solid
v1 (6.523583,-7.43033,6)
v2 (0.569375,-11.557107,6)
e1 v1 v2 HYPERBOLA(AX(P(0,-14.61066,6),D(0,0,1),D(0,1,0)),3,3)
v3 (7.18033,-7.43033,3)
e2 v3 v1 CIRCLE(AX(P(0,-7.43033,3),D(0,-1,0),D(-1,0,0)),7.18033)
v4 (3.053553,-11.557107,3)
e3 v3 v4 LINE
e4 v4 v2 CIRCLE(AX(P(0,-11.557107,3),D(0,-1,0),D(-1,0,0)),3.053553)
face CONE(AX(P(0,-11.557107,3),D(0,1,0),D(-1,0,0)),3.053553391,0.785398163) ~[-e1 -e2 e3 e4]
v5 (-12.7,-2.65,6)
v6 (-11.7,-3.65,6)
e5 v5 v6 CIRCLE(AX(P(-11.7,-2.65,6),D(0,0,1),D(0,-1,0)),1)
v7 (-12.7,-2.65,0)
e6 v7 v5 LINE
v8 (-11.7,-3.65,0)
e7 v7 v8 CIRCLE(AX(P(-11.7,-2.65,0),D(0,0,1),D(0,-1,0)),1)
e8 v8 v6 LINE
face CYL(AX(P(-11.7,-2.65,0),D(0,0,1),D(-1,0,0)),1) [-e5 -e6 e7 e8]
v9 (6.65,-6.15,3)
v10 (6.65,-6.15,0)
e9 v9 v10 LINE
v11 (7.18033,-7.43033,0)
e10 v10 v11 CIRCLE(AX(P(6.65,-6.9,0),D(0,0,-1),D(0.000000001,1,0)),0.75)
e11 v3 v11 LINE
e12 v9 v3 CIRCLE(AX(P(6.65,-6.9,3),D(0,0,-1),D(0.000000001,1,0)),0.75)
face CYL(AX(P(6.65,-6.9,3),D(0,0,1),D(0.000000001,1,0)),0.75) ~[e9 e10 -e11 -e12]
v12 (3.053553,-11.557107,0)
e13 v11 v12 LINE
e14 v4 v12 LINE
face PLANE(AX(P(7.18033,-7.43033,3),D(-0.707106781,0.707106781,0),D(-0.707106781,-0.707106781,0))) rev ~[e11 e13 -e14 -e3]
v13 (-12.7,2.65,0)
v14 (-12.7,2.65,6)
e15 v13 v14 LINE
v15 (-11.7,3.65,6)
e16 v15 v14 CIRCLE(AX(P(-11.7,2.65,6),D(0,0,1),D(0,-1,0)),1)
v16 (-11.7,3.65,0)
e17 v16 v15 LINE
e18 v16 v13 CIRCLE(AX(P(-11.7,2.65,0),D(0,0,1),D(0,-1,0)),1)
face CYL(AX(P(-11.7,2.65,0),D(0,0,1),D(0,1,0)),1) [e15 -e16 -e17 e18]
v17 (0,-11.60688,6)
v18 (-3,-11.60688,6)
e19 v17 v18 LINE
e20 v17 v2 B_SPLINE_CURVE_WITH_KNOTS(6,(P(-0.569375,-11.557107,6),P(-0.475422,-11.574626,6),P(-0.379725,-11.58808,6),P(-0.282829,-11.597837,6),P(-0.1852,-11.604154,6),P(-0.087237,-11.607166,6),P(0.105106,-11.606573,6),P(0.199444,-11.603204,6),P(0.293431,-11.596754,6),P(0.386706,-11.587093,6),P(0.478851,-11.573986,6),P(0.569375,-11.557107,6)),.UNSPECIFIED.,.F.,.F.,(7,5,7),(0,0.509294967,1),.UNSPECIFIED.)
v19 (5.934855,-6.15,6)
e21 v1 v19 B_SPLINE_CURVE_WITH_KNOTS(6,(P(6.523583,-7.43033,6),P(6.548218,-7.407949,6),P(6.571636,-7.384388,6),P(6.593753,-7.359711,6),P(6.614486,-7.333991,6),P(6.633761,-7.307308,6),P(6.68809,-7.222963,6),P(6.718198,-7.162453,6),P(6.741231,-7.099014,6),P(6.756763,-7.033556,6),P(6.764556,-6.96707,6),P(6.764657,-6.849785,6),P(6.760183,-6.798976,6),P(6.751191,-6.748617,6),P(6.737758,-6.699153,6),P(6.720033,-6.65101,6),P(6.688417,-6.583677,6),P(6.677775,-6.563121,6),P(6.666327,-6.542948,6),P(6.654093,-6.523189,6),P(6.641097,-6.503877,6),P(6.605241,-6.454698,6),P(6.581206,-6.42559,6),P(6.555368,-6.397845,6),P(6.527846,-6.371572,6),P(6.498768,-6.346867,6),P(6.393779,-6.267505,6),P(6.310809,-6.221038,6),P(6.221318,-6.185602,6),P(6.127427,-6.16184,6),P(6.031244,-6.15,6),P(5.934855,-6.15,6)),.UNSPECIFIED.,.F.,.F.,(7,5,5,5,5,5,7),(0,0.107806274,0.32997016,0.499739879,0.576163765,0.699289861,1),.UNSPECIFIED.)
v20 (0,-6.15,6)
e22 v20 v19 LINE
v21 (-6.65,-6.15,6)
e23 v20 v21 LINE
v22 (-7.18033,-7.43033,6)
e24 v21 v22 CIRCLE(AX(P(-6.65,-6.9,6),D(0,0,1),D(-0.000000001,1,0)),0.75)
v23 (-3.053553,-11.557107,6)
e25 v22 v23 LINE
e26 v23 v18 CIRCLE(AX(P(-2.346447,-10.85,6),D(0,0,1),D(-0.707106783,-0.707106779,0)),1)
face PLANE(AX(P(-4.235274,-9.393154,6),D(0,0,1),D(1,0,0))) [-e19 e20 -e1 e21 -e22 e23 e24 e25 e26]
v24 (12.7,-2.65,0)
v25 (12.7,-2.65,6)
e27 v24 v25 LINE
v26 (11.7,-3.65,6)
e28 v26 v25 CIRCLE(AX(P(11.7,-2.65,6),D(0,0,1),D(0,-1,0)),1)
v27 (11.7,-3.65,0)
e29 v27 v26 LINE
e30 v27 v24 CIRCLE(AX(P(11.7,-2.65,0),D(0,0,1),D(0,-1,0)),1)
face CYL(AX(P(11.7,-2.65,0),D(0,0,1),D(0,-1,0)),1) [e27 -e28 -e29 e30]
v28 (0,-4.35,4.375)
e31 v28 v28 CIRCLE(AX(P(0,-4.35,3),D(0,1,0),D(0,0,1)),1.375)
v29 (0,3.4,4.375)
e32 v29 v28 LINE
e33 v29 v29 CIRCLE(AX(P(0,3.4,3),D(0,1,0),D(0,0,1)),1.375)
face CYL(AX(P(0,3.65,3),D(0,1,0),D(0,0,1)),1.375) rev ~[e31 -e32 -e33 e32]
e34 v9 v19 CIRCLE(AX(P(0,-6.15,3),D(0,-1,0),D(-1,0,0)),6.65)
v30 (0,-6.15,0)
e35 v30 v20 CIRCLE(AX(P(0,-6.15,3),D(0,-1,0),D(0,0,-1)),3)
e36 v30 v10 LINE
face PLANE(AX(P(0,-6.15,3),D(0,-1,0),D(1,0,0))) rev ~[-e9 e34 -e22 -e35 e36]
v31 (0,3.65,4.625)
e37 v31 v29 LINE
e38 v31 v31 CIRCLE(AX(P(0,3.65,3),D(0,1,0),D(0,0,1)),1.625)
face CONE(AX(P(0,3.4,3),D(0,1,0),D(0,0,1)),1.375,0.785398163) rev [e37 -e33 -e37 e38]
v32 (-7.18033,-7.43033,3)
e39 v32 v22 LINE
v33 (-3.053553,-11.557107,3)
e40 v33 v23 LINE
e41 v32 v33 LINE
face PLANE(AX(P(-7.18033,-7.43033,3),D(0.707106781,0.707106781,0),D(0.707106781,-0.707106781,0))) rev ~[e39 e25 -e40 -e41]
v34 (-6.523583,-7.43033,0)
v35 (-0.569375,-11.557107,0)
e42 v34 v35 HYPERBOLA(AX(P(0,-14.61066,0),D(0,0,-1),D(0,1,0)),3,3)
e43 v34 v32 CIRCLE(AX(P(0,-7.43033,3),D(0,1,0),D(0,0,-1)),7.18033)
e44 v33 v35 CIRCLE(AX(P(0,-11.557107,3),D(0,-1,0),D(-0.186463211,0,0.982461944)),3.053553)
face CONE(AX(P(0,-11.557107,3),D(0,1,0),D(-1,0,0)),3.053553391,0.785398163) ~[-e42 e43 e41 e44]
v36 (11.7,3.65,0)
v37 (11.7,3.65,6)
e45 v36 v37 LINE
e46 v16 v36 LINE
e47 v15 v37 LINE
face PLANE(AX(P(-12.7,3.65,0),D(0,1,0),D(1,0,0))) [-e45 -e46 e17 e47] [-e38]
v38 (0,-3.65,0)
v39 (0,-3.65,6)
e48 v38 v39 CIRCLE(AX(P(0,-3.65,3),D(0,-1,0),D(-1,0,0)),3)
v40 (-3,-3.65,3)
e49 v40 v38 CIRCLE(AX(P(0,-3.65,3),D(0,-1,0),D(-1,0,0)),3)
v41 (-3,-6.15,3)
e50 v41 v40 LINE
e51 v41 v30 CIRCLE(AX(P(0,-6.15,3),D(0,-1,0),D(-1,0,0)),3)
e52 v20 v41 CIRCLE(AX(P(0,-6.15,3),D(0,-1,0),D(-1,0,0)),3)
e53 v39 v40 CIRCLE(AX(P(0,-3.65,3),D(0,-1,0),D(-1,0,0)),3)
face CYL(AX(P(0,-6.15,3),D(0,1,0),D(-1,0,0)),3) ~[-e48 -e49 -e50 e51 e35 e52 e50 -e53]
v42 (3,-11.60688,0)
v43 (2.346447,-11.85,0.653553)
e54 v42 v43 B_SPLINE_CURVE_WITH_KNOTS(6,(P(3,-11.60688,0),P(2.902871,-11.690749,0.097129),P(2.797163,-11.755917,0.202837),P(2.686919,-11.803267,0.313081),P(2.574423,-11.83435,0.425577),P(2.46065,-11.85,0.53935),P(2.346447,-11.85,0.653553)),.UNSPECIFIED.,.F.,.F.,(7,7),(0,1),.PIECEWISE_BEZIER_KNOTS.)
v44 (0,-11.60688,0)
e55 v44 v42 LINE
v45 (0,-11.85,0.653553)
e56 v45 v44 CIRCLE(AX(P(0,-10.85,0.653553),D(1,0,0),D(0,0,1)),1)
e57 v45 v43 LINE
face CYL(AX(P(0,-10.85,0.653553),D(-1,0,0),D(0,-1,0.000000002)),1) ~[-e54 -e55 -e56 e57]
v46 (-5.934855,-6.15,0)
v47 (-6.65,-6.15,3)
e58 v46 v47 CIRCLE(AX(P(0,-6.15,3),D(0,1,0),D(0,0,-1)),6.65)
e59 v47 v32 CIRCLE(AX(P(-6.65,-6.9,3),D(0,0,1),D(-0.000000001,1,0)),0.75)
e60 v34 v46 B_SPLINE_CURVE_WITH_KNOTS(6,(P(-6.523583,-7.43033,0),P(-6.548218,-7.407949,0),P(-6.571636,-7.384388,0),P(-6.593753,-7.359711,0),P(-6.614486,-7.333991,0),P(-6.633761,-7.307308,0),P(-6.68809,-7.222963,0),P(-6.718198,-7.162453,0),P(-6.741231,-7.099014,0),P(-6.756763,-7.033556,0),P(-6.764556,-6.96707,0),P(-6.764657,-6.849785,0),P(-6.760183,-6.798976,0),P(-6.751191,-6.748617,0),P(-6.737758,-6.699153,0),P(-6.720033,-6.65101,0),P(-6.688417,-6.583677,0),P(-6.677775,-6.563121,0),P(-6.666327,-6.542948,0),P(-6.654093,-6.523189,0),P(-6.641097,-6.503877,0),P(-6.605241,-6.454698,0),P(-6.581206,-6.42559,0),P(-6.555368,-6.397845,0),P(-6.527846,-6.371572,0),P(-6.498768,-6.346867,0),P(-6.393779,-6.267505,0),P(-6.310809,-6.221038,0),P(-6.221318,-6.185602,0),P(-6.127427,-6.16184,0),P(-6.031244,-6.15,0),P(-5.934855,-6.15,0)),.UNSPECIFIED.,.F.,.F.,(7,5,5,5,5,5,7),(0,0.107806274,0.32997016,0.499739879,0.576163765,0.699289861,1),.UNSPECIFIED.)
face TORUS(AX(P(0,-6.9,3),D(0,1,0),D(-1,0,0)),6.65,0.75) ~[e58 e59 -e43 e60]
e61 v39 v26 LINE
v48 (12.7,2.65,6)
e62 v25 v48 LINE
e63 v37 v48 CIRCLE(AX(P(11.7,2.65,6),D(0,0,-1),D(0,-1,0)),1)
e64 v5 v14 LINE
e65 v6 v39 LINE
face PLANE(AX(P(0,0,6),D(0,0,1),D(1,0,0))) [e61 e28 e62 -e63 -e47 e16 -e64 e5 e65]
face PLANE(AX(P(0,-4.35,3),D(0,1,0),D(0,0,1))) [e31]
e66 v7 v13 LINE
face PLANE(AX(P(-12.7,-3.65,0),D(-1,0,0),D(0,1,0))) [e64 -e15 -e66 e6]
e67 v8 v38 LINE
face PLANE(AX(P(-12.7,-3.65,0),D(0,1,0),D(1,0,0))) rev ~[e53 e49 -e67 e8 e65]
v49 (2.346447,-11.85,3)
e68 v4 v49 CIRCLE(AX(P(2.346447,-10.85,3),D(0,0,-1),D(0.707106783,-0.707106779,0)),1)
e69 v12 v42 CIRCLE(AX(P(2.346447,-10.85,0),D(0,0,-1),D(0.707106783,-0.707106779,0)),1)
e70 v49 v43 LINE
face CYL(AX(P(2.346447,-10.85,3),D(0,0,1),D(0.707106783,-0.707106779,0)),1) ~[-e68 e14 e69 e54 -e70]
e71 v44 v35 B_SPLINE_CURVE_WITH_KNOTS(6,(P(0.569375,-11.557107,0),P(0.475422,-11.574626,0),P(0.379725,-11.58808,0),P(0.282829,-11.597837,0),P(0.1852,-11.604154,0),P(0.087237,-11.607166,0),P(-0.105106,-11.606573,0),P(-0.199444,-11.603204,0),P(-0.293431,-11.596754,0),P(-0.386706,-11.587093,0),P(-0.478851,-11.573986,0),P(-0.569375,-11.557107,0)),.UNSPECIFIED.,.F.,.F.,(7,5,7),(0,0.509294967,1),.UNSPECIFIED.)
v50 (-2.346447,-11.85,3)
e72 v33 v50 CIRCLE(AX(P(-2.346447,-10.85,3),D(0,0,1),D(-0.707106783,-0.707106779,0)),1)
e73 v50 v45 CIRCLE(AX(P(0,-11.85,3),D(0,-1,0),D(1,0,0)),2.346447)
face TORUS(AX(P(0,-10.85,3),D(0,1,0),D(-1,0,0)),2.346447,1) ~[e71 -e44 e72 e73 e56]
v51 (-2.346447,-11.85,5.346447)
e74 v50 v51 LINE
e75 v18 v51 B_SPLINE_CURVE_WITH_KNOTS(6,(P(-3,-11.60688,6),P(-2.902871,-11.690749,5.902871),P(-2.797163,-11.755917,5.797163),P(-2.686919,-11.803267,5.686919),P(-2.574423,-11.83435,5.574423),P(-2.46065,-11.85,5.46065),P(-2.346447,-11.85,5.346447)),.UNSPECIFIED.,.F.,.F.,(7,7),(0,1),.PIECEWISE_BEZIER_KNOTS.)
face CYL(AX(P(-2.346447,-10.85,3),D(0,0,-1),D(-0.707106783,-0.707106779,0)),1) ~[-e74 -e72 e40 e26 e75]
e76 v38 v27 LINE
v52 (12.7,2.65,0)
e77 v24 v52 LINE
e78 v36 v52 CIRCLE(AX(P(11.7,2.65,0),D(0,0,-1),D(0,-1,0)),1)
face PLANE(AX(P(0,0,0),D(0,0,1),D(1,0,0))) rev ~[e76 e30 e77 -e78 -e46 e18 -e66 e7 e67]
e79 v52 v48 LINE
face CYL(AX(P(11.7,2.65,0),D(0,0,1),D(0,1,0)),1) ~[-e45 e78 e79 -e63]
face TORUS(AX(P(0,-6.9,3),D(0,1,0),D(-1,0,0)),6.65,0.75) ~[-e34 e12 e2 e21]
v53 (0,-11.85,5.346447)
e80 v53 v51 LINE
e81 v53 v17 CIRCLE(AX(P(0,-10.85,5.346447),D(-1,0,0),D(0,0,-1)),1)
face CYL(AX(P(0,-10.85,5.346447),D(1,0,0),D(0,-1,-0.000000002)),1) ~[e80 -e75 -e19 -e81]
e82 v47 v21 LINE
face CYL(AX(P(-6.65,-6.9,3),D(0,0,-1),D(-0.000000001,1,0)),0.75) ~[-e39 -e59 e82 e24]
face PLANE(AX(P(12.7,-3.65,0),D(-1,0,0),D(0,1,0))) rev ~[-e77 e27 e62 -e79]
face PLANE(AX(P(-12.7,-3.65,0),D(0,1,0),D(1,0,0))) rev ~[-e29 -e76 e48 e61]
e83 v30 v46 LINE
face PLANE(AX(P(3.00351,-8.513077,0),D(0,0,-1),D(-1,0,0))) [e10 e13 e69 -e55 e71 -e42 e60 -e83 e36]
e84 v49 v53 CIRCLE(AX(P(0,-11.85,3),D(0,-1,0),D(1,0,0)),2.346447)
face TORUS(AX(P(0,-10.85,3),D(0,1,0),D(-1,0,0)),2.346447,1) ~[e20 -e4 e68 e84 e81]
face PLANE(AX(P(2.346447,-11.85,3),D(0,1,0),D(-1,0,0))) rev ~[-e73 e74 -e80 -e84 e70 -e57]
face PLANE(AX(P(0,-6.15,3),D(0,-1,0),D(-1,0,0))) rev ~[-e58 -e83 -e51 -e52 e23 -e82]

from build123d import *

# Parameters (mm, degrees)
SKETCH1_W               = 25.4
SKETCH1_H               = 7.3
BOSS_EXTRUDE1_DEPTH     = 6
SKETCH3_W               = 4.4
SKETCH3_H               = 5.7
CUT_EXTRUDE1_DEPTH      = 21.24530815
CUT_EXTRUDE1_DEPTH_BACK = 21.24530815
BOSS_EXTRUDE3_START     = -3
BOSS_EXTRUDE3_DEPTH     = 3
BOSS_EXTRUDE4_START     = -3
BOSS_EXTRUDE4_DEPTH     = 3
FILLET1_R               = 1
CUT_EXTRUDE2_DEPTH      = 19.376955775
CUT_EXTRUDE3_DEPTH      = 19.376955775
SKETCH9_R               = 1.375
CUT_EXTRUDE4_DEPTH      = 8
CHAMFER1_SIZE           = 0.25


with BuildPart() as part:
    # Sketch1 → Boss-Extrude1 (new body)
    with BuildSketch(Plane.XY):
        Rectangle(SKETCH1_W, SKETCH1_H)
    extrude(amount=BOSS_EXTRUDE1_DEPTH)

    # Sketch2 → Revolve1 (revolve)
    with BuildSketch(Plane.XY.offset(3), mode=Mode.PRIVATE) as revolve1_sk:
        with BuildLine():
            Line((6.65, -6.15), (3, -6.15))
            Line((3, -6.15), (3, -3.65))
            Line((3, -3.65), (0, -3.65))
            Line((0, -3.65), (0, -11.85))
            Line((0, -11.85), (2.346446609, -11.85))
            ThreePointArc((2.346446609, -11.85), (2.729130042, -11.773879533), (3.053553391, -11.557106781))
            Line((3.053553391, -11.557106781), (7.180330086, -7.430330086))
            ThreePointArc((7.180330086, -7.430330086), (7.342909649, -6.612987426), (6.65, -6.15))
        make_face()
    revolve(revolve1_sk.sketch.rotate(Axis((0, 0, 3), (0, -1, 0)), 180), axis=Axis((0, 0, 3), (0, -1, 0)))

    # Sketch3 → Cut-Extrude1 (cut, two sides)
    with BuildSketch(Plane(origin=(0, 0, 0), x_dir=(0, 0, -1), z_dir=(1, 0, 0))) as cut_extrude1_sk:
        with Locations((-8.2, -9)):
            Rectangle(SKETCH3_W, SKETCH3_H)
        with Locations((2.2, -9)):
            Rectangle(SKETCH3_W, SKETCH3_H)
    extrude(amount=CUT_EXTRUDE1_DEPTH, mode=Mode.SUBTRACT)
    extrude(cut_extrude1_sk.sketch, amount=-CUT_EXTRUDE1_DEPTH_BACK, mode=Mode.SUBTRACT)

    # Sketch5 → Boss-Extrude3 (add)
    with BuildSketch(Plane(origin=(0, 0, 0), x_dir=(-1, 0, 0), z_dir=(0, 0, -1)).offset(BOSS_EXTRUDE3_START)):
        with BuildLine():
            Line((-7.180330086, -7.430330086), (-3.053553391, -11.557106781))
            ThreePointArc((-3.053553391, -11.557106781), (-2.729130042, -11.773879533), (-2.346446609, -11.85))
            Line((-2.346446609, -11.85), (0, -11.85))
            Line((0, -11.85), (0, -6.15))
            Line((0, -6.15), (-6.65, -6.15))
            ThreePointArc((-6.65, -6.15), (-7.342909649, -6.612987426), (-7.180330086, -7.430330086))
        make_face()
    extrude(amount=BOSS_EXTRUDE3_DEPTH)

    # Sketch6 → Boss-Extrude4 (add)
    with BuildSketch(Plane.XY.offset(6).offset(BOSS_EXTRUDE4_START)):
        with BuildLine():
            Line((0, -11.85), (0, -11.606880417))
            add(Edge.make_bspline(
                [(-0.569375368, -11.557106781), (-0.477136244, -11.574305984), (-0.383216001, -11.587587431), (-0.288131205, -11.597299525), (-0.192322641, -11.603685849), (-0.096171282, -11.606880411), (0, -11.606880417)],
                knots=[0, 0, 0, 0, 0, 0, 0, 0.500004034, 0.500004034, 0.500004034, 0.500004034, 0.500004034, 0.500004034, 0.500004034], degree=6))
            add(Edge.make_bspline(
                [(-0.569375368, -11.557106781), (-2.345972894, -11.225836703), (-6.523583382, -7.430330086)],
                knots=[0.188670459, 0.188670459, 0.188670459, 1.519069158, 1.519069158, 1.519069158], degree=2, weights=[1, 1.229524605, 1]))
            add(Edge.make_bspline(
                [(-6.523583382, -7.430330086), (-6.548217839, -7.407948812), (-6.57163623, -7.384387754), (-6.593752622, -7.359710949), (-6.614485917, -7.333990738), (-6.633761234, -7.307307749), (-6.688090057, -7.222962512), (-6.718198081, -7.1624526), (-6.741231365, -7.099013892), (-6.756763407, -7.033555882), (-6.764556488, -6.967070385), (-6.764657168, -6.849785487), (-6.760183262, -6.798976266), (-6.751191088, -6.748616972), (-6.737758143, -6.699153447), (-6.720033498, -6.651010063), (-6.68841653, -6.583676772), (-6.677775298, -6.563121343), (-6.666326858, -6.542947595), (-6.654092776, -6.523189068), (-6.641096757, -6.503877463), (-6.605240936, -6.454697957), (-6.581206245, -6.425590465), (-6.555368287, -6.397845087), (-6.527846234, -6.371572034), (-6.498768133, -6.346867107), (-6.393778747, -6.267504617), (-6.310809109, -6.22103841), (-6.221317835, -6.185601518), (-6.127427397, -6.161840052), (-6.031244011, -6.15), (-5.934854674, -6.15)],
                knots=[0, 0, 0, 0, 0, 0, 0, 0.107806274, 0.107806274, 0.107806274, 0.107806274, 0.107806274, 0.32997016, 0.32997016, 0.32997016, 0.32997016, 0.32997016, 0.499739877, 0.499739877, 0.499739877, 0.499739877, 0.499739877, 0.576163763, 0.576163763, 0.576163763, 0.576163763, 0.576163763, 0.699289859, 0.699289859, 0.699289859, 0.699289859, 0.699289859, 1, 1, 1, 1, 1, 1, 1], degree=6))
            Line((-5.934854674, -6.15), (-6.65, -6.15))
            ThreePointArc((-6.65, -6.15), (-7.342909649, -6.612987426), (-7.180330086, -7.430330086))
            Line((-7.180330086, -7.430330086), (-3.053553391, -11.557106781))
            ThreePointArc((-3.053553391, -11.557106781), (-2.729130042, -11.773879533), (-2.346446609, -11.85))
            Line((-2.346446609, -11.85), (0, -11.85))
        make_face()
    extrude(amount=BOSS_EXTRUDE4_DEPTH)

    # Fillet1
    fillet1_edges = [part.edges().sort_by_distance(p)[0] for p in [
        (12.7, -3.65, 3),
        (-12.7, -3.65, 3),
        (-12.7, 3.65, 3),
        (12.7, 3.65, 3),
    ]]
    fillet(fillet1_edges, radius=FILLET1_R)

    # Sketch7 → Cut-Extrude2 (cut, through all)
    with BuildSketch(Plane.ZY):
        with BuildLine():
            Line((0, -11.606880417), (0, -11.85))
            Line((0, -11.85), (0.653553391, -11.85))
            ThreePointArc((0.653553391, -11.85), (0.304899133, -11.787251412), (0, -11.606880417))
        make_face()
    extrude(amount=-CUT_EXTRUDE2_DEPTH, mode=Mode.SUBTRACT)

    # Sketch8 → Cut-Extrude3 (cut, through all)
    with BuildSketch(Plane(origin=(0, 0, 0), x_dir=(0, 0, -1), z_dir=(1, 0, 0))):
        with BuildLine():
            Line((-6, -11.606880417), (-6, -11.85))
            Line((-6, -11.85), (-5.346446609, -11.85))
            ThreePointArc((-5.346446609, -11.85), (-5.695100867, -11.787251412), (-6, -11.606880417))
        make_face()
    extrude(amount=-CUT_EXTRUDE3_DEPTH, mode=Mode.SUBTRACT)

    # Sketch9 → Cut-Extrude4 (cut)
    with BuildSketch(Plane(origin=(0, 3.65, 0), x_dir=(1, 0, 0), z_dir=(0, 1, 0))):
        with Locations(Location((0, -3, 0), (0, 0, 270))):
            Circle(SKETCH9_R)
    extrude(amount=-CUT_EXTRUDE4_DEPTH, mode=Mode.SUBTRACT)

    # Chamfer1
    chamfer1_edges = [part.edges().sort_by_distance(p)[0] for p in [
        (0, 3.65, 1.625),
    ]]
    chamfer(chamfer1_edges, length=CHAMFER1_SIZE)


solid = part.part
